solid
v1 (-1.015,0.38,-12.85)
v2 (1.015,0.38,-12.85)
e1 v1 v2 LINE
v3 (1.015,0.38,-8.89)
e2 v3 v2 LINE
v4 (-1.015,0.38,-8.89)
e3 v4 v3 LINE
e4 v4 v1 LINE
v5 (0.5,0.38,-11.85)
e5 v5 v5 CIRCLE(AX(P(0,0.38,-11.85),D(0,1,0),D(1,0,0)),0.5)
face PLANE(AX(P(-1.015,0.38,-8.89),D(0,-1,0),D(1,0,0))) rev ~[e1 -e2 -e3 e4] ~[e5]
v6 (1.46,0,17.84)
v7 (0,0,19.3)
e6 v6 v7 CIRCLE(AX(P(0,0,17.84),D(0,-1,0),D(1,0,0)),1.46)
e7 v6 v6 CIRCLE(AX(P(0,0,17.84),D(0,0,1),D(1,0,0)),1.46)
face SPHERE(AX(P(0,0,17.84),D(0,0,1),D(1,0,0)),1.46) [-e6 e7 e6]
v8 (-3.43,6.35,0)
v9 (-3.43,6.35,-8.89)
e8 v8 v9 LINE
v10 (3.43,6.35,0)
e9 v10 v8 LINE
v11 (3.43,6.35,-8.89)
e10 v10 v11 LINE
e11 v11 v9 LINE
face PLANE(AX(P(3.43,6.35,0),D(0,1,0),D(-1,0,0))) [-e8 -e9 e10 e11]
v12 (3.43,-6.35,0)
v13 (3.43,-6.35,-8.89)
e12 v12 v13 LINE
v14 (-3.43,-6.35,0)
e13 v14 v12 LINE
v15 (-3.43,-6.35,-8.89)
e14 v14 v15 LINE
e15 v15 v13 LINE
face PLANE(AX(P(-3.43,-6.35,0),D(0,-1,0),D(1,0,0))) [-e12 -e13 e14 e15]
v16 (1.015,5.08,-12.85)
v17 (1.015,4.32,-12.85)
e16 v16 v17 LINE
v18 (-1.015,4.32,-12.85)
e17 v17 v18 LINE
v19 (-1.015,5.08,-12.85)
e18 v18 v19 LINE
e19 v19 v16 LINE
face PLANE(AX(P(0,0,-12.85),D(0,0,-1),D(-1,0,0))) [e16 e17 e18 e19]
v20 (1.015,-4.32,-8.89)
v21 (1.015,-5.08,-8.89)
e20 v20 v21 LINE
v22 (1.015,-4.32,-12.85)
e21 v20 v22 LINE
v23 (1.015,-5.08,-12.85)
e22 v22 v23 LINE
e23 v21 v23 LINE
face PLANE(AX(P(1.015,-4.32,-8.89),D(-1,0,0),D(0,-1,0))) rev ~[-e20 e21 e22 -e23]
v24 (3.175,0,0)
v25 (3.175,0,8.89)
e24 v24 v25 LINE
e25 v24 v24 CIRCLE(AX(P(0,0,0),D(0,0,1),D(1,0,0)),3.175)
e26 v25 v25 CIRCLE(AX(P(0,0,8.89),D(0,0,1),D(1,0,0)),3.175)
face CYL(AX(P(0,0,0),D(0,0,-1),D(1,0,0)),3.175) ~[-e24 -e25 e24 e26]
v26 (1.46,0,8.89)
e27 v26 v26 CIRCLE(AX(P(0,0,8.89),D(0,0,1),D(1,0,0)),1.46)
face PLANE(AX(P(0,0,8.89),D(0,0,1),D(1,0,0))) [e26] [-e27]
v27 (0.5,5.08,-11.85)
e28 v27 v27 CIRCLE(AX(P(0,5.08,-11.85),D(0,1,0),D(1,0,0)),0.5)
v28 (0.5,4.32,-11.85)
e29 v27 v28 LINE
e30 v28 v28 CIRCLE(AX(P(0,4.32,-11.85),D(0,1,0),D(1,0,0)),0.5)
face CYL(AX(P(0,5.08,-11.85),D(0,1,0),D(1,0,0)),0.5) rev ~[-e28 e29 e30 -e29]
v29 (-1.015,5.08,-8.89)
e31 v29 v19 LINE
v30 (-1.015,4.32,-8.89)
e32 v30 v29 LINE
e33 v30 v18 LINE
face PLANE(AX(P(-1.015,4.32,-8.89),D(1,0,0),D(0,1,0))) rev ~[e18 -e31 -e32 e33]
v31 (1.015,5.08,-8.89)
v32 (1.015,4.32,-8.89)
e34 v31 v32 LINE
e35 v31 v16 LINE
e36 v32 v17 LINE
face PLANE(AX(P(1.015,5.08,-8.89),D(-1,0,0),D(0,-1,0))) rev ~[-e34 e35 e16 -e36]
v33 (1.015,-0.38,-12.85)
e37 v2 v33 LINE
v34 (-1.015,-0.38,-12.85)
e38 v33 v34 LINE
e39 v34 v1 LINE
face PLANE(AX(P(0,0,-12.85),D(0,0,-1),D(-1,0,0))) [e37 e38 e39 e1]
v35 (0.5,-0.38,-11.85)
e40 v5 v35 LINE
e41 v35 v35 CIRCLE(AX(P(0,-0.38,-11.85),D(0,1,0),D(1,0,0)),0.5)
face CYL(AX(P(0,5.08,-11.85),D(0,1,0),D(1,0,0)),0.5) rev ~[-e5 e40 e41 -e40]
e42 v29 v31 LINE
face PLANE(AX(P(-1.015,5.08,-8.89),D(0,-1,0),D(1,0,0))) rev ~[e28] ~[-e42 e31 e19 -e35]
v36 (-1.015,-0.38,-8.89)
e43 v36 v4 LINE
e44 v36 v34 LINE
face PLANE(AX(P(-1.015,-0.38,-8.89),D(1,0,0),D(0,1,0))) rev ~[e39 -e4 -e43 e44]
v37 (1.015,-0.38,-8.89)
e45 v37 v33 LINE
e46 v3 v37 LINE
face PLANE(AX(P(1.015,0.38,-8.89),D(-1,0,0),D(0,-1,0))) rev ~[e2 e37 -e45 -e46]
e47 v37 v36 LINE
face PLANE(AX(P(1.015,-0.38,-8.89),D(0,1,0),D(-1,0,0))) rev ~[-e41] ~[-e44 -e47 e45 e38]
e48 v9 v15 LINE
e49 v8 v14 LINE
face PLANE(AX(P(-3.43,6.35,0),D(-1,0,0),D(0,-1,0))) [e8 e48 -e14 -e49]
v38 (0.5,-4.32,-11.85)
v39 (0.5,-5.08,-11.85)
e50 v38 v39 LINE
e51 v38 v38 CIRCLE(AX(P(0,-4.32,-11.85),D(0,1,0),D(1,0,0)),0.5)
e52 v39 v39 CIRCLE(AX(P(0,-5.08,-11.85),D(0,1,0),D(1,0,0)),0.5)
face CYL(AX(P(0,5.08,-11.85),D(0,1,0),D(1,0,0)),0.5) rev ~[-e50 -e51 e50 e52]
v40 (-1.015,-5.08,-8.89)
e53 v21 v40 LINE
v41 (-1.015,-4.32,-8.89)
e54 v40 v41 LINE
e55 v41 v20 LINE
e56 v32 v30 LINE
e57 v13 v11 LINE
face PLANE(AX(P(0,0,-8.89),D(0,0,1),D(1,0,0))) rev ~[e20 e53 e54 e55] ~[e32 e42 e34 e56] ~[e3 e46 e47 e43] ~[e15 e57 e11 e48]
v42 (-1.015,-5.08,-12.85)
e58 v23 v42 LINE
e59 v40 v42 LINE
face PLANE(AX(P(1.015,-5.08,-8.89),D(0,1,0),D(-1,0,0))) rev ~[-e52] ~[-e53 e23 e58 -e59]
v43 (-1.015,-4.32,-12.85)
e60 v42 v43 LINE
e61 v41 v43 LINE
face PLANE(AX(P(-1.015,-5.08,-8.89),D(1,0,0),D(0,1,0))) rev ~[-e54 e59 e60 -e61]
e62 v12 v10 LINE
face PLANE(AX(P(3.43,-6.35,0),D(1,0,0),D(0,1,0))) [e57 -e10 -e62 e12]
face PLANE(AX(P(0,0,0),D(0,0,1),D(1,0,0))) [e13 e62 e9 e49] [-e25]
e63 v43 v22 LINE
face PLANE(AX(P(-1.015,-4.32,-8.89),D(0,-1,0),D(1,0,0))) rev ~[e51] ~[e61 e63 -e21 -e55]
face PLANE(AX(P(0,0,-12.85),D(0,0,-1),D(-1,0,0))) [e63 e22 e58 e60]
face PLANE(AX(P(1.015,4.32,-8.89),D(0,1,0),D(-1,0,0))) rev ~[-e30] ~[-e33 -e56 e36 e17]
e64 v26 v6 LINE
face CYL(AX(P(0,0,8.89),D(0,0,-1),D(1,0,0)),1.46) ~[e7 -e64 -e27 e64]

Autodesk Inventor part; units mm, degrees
ref_plane "YZ Plane" through (0, 0, 0) normal (1, 0, 0) x (0, 1, 0)
ref_plane "XZ Plane" through (0, 0, 0) normal (0, 1, 0) x (-1, 0, 0)
ref_plane "XY Plane" through (0, 0, 0) normal (0, 0, 1) x (1, 0, 0)
sketch "Sketch1" plane through (0, 0, 0) normal (0, 0, 1) x (1, 0, 0)
  line L0 (-3.43, -6.35) -> (3.43, -6.35)
  line L1 (3.43, -6.35) -> (3.43, 6.35)
  line L2 (3.43, 6.35) -> (-3.43, 6.35)
  line L3 (-3.43, 6.35) -> (-3.43, -6.35)
  line L4 (-3.43, -6.35) -> (3.43, 6.35) construction
  line L5 (3.43, -6.35) -> (-3.43, 6.35) construction
  point P0 (0, 0)
  dimension "d0" = 6.86
  dimension "d1" = 12.7
extrude "Extrusion1" add sketch "Sketch1" against normal blind 8.89
sketch "Sketch2" plane through (0, 0, 0) normal (0, 0, 1) x (1, 0, 0)
  circle A0 centre (0, 0) radius 3.175
  dimension "d35" = 6.35
extrude "Extrusion2" add sketch "Sketch2" along normal blind 8.89
sketch "Sketch3" plane through (0, 0, -8.89) normal (0, 0, -1) x (-1, 0, 0)
  line L0 (-1.015, -0.38) -> (1.015, -0.38)
  line L1 (1.015, -0.38) -> (1.015, 0.38)
  line L2 (1.015, 0.38) -> (-1.015, 0.38)
  line L3 (-1.015, 0.38) -> (-1.015, -0.38)
  line L4 (-1.015, -0.38) -> (1.015, 0.38) construction
  line L5 (1.015, -0.38) -> (-1.015, 0.38) construction
  line L6 (-1.015, -5.08) -> (1.015, -5.08)
  line L7 (1.015, -5.08) -> (1.015, -4.32)
  line L8 (1.015, -4.32) -> (-1.015, -4.32)
  line L9 (-1.015, -4.32) -> (-1.015, -5.08)
  line L10 (-1.015, -5.08) -> (1.015, -4.32) construction
  line L11 (1.015, -5.08) -> (-1.015, -4.32) construction
  line L12 (-1.015, -9.78) -> (1.015, -9.78) construction
  line L13 (1.015, -9.78) -> (1.015, -9.02) construction
  line L14 (1.015, -9.02) -> (-1.015, -9.02) construction
  line L15 (-1.015, -9.02) -> (-1.015, -9.78) construction
  line L16 (-1.015, -9.78) -> (1.015, -9.02) construction
  line L17 (1.015, -9.78) -> (-1.015, -9.02) construction
  line L18 (-1.015, 4.32) -> (1.015, 4.32)
  line L19 (1.015, 4.32) -> (1.015, 5.08)
  line L20 (1.015, 5.08) -> (-1.015, 5.08)
  line L21 (-1.015, 5.08) -> (-1.015, 4.32)
  line L22 (-1.015, 4.32) -> (1.015, 5.08) construction
  line L23 (1.015, 4.32) -> (-1.015, 5.08) construction
  point P0 (0, 0)
  point P1 (0, 4.7)
  dimension "d6" = 2.03
  dimension "d7" = 0.76
  dimension "d10" = 4.7
  dimension "d17" = 4.7
extrude "Extrusion3" add sketch "Sketch3" along normal blind 3.96
sketch "Sketch4" plane through (-1.015, 5.08, -8.89) normal (0, 1, 0) x (1, 0, 0)
  line L0 (2.03, 0) -> (2.03, 3.96) projected
  line L1 (0, 3.96) -> (2.03, 3.96) projected
  circle A0 centre (1.015, 2.96) radius 0.5
  point P0 (1.015, -8.89)
  dimension "d24" = 1
  dimension "d25" = 1
  dimension "d26" = 1.015
extrude "Extrusion4" cut sketch "Sketch4" against normal through all
sketch "Sketch6" plane through (0, 0, 8.89) normal (0, 0, 1) x (1, 0, 0)
  circle A0 centre (0, 0) radius 1.46
  circle A1 centre (0, 0) radius 3.175 projected
  dimension "d29" = 2.92
extrude "Extrusion5" add sketch "Sketch6" along normal blind 10.41 contours A0
fillet "Fillet1" radius 1.46 1 edges at (-1.46, 0, 19.3)
thread "Thread1" size "1/4-20 UNC" class "2A" standard "ANSI Unified Screw Threads" full length
sketch "Sketch7" plane through (-1.015, -5.08, -8.89) normal (0, -1, 0) x (1, 0, 0)
  circle A0 centre (1.015, -2.96) radius 0.5 projected
sketch "Sketch8" plane through (-1.015, -0.38, -8.89) normal (0, -1, 0) x (1, 0, 0)
  circle A0 centre (1.015, -2.96) radius 0.5 projected
sketch "Sketch9" plane through (-1.015, 4.32, -8.89) normal (0, -1, 0) x (1, 0, 0)
  circle A0 centre (1.015, -2.96) radius 0.5 projected
properties part number "1MS2" material "Aluminum"
